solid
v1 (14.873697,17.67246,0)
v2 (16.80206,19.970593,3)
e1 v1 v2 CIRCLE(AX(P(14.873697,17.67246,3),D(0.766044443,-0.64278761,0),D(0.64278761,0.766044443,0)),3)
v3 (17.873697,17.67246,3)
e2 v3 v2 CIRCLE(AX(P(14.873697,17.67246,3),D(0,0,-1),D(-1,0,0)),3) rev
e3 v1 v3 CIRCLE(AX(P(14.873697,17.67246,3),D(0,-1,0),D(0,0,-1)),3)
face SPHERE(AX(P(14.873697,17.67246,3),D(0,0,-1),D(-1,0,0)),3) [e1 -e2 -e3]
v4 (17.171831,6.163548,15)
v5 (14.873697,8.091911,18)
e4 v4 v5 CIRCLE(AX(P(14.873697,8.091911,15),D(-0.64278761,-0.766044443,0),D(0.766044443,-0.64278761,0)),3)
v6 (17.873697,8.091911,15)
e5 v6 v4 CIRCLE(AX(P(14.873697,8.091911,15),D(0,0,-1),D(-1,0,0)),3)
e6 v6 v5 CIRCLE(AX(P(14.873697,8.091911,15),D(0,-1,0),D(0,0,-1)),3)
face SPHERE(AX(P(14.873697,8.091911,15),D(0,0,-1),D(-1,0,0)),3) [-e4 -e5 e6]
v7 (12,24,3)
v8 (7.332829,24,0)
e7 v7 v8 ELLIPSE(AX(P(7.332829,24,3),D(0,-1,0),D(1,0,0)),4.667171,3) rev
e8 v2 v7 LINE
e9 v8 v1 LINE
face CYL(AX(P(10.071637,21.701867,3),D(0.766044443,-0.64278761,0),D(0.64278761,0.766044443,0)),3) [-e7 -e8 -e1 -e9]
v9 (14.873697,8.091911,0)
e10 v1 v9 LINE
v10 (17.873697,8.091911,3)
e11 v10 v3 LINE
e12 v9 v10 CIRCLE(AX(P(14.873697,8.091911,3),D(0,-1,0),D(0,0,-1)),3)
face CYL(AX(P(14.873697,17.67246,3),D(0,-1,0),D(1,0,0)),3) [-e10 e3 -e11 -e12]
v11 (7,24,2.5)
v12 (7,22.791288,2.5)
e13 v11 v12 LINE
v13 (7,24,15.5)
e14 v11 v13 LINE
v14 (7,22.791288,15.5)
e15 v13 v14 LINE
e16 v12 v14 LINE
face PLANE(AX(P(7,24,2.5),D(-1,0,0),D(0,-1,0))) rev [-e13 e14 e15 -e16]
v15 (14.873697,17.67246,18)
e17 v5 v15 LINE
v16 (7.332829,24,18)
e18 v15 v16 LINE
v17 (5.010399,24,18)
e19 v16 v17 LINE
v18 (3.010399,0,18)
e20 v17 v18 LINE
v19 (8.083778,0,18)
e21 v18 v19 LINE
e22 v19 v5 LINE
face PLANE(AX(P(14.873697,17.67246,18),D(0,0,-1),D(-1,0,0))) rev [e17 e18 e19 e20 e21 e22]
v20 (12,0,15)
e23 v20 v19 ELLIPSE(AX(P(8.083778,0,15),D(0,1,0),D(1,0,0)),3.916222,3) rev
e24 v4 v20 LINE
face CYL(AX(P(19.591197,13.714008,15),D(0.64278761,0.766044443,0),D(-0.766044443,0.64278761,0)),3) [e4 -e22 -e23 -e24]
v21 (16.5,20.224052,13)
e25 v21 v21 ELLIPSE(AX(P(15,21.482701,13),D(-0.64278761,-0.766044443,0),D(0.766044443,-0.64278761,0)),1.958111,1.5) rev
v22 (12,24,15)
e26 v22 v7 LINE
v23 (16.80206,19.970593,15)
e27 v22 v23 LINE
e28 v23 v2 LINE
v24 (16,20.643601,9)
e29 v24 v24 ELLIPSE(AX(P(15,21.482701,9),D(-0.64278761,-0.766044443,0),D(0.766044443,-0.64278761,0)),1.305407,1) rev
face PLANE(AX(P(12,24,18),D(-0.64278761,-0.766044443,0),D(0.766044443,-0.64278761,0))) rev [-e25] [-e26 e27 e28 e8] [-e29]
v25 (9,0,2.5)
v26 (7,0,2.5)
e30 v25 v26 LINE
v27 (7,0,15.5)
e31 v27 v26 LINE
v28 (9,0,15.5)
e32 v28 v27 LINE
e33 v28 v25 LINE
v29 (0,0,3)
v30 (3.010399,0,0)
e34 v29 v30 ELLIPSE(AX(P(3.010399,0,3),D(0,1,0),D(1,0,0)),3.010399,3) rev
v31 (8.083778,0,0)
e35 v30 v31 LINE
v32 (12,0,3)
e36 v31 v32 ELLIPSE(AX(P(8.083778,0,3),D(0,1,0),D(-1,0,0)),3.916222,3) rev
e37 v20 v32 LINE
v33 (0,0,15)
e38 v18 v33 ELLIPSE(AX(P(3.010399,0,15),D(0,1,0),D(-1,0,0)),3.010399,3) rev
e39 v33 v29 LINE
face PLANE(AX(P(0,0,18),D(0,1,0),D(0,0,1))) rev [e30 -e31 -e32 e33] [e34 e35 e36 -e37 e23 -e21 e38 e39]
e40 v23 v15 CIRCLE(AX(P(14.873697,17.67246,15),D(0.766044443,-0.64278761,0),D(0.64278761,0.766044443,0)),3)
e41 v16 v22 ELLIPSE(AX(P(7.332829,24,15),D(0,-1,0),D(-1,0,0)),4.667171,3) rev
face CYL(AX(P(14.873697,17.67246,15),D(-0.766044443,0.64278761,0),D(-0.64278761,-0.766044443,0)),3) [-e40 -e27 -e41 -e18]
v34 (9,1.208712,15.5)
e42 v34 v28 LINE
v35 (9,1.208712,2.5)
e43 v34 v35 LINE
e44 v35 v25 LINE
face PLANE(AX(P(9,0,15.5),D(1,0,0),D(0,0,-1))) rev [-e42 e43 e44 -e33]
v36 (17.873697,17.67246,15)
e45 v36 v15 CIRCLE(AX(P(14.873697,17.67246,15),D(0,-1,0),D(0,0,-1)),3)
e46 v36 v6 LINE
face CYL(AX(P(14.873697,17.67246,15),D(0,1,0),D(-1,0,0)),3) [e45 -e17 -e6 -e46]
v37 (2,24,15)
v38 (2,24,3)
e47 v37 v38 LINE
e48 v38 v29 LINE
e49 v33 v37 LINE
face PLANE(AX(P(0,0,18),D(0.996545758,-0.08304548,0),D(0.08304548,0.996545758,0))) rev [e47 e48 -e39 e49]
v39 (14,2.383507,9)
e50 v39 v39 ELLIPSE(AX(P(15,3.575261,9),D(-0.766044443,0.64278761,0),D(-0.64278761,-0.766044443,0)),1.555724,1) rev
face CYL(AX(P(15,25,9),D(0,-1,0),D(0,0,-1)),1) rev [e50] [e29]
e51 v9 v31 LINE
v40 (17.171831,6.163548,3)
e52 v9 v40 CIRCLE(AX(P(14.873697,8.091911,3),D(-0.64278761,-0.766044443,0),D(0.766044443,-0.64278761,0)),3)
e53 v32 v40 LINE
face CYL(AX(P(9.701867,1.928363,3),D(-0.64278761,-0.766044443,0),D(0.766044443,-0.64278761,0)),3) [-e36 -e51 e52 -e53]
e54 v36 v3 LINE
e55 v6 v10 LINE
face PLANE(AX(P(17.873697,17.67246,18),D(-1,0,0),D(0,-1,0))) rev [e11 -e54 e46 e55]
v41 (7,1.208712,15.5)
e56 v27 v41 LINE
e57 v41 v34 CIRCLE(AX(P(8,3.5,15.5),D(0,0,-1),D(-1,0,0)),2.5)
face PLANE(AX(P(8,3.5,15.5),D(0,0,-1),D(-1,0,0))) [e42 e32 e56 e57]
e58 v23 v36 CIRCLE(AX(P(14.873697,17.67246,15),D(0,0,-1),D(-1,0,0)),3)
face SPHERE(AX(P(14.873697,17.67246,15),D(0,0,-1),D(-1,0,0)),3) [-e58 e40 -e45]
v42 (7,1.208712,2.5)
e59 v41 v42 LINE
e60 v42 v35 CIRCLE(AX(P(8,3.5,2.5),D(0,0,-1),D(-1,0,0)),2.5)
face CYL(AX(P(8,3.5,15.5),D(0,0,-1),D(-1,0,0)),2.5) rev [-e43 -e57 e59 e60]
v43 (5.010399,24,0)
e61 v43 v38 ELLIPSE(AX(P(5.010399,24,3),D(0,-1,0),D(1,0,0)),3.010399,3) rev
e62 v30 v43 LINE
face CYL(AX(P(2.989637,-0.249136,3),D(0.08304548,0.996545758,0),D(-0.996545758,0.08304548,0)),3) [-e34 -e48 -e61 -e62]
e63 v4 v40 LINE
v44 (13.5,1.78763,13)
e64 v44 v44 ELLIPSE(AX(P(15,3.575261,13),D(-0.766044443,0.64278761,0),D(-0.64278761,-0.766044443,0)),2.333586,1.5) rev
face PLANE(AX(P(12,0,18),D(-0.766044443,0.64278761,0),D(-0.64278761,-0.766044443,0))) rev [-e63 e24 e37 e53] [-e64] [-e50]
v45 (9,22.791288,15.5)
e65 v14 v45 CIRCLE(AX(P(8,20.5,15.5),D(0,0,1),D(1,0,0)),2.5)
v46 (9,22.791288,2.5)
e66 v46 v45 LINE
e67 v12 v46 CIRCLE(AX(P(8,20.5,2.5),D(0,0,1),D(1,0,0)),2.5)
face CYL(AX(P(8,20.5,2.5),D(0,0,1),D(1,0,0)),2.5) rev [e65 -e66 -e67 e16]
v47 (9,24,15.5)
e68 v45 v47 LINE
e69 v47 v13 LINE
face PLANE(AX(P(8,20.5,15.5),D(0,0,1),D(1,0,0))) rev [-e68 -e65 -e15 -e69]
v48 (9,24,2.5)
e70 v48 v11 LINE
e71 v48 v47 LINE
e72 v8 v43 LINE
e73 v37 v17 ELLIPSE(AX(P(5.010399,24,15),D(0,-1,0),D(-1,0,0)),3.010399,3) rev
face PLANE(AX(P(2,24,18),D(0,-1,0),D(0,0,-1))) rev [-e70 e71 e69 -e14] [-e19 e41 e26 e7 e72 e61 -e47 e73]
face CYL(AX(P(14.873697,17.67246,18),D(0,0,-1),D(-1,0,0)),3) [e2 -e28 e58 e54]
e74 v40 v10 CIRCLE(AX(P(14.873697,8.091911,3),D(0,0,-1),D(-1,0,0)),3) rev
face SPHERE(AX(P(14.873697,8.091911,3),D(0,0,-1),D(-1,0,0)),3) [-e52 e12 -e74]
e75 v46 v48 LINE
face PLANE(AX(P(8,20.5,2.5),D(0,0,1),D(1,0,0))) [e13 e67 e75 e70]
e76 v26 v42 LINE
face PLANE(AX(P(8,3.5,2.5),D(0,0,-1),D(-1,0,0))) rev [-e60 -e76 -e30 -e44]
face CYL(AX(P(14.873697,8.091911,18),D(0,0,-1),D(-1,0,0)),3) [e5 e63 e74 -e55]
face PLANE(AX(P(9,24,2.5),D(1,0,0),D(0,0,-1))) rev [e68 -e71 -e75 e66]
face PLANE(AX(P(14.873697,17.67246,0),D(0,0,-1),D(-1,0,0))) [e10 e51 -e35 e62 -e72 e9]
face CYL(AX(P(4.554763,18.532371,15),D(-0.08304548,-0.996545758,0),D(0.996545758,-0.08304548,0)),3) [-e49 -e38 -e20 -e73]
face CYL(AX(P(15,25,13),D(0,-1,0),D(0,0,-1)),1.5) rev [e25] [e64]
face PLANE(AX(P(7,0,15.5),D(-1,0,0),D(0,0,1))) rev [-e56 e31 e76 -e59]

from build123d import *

# Parameters (mm, degrees)
BOSS_EXTRUDE1_DEPTH = 18
CUT_EXTRUDE1_START  = -2.5
CUT_EXTRUDE1_DEPTH  = 13
CUT_EXTRUDE2_START  = -2.5
CUT_EXTRUDE2_DEPTH  = 13
SKETCH5_R           = 1
SKETCH5_R_2         = 1.5
CUT_EXTRUDE3_DEPTH  = 25
FILLET1_R           = 3


with BuildPart() as part:
    # Sketch2 → Boss-Extrude1 (new body)
    with BuildSketch(Plane.XY):
        with BuildLine():
            Line((0, 0), (12, 0))
            Line((12, 0), (17.171830748, 6.163547874))
            ThreePointArc((17.171830748, 6.163547874), (17.692775281, 7.065850273), (17.873697418, 8.091910703))
            Line((17.873697418, 8.091910703), (17.873697418, 17.672459688))
            ThreePointArc((17.873697418, 17.672459688), (17.592620779, 18.940314473), (16.802060247, 19.970593018))
            Line((16.802060247, 19.970593018), (12, 24))
            Line((12, 24), (2, 24))
            Line((2, 24), (0, 0))
        make_face()
    extrude(amount=BOSS_EXTRUDE1_DEPTH)

    # Sketch3 → Cut-Extrude1 (cut)
    with BuildSketch(Plane.XY.offset(18).offset(CUT_EXTRUDE1_START)):
        with BuildLine():
            Line((7, 24), (9, 24))
            Line((9, 24), (9, 22.791287847))
            ThreePointArc((9, 22.791287847), (8, 18), (7, 22.791287847))
            Line((7, 22.791287847), (7, 24))
        make_face()
    extrude(amount=-CUT_EXTRUDE1_DEPTH, mode=Mode.SUBTRACT)

    # Sketch4 → Cut-Extrude2 (cut)
    with BuildSketch(Plane(origin=(0, 0, 0), x_dir=(-1, 0, 0), z_dir=(0, 0, -1)).offset(CUT_EXTRUDE2_START)):
        with BuildLine():
            Line((-9, 0), (-7, 0))
            Line((-7, 0), (-7, 1.208712153))
            ThreePointArc((-7, 1.208712153), (-8, 6), (-9, 1.208712153))
            Line((-9, 1.208712153), (-9, 0))
        make_face()
    extrude(amount=-CUT_EXTRUDE2_DEPTH, mode=Mode.SUBTRACT)

    # Sketch5 → Cut-Extrude3 (cut)
    with BuildSketch(Plane(origin=(0, 0, 0), x_dir=(1, 0, 0), z_dir=(0, 1, 0))):
        with Locations((15, -9)):
            Circle(SKETCH5_R)
        with Locations((15, -13)):
            Circle(SKETCH5_R_2)
    extrude(amount=CUT_EXTRUDE3_DEPTH, mode=Mode.SUBTRACT)

    # Fillet1
    fillet1_edges = [part.edges().sort_by_distance(p)[0] for p in [
        (17.692775281, 7.065850273, 0),
        (14.585915374, 3.081773937, 0),
        (1, 12, 0),
        (14.585915374, 3.081773937, 18),
        (17.692775281, 7.065850273, 18),
        (17.873697418, 12.882185196, 18),
        (17.592620779, 18.940314473, 18),
        (14.401030124, 21.985296509, 18),
        (1, 12, 18),
        (14.401030124, 21.985296509, 0),
        (17.592620779, 18.940314473, 0),
        (17.873697418, 12.882185196, 0),
    ]]
    fillet(fillet1_edges, radius=FILLET1_R)


solid = part.part
